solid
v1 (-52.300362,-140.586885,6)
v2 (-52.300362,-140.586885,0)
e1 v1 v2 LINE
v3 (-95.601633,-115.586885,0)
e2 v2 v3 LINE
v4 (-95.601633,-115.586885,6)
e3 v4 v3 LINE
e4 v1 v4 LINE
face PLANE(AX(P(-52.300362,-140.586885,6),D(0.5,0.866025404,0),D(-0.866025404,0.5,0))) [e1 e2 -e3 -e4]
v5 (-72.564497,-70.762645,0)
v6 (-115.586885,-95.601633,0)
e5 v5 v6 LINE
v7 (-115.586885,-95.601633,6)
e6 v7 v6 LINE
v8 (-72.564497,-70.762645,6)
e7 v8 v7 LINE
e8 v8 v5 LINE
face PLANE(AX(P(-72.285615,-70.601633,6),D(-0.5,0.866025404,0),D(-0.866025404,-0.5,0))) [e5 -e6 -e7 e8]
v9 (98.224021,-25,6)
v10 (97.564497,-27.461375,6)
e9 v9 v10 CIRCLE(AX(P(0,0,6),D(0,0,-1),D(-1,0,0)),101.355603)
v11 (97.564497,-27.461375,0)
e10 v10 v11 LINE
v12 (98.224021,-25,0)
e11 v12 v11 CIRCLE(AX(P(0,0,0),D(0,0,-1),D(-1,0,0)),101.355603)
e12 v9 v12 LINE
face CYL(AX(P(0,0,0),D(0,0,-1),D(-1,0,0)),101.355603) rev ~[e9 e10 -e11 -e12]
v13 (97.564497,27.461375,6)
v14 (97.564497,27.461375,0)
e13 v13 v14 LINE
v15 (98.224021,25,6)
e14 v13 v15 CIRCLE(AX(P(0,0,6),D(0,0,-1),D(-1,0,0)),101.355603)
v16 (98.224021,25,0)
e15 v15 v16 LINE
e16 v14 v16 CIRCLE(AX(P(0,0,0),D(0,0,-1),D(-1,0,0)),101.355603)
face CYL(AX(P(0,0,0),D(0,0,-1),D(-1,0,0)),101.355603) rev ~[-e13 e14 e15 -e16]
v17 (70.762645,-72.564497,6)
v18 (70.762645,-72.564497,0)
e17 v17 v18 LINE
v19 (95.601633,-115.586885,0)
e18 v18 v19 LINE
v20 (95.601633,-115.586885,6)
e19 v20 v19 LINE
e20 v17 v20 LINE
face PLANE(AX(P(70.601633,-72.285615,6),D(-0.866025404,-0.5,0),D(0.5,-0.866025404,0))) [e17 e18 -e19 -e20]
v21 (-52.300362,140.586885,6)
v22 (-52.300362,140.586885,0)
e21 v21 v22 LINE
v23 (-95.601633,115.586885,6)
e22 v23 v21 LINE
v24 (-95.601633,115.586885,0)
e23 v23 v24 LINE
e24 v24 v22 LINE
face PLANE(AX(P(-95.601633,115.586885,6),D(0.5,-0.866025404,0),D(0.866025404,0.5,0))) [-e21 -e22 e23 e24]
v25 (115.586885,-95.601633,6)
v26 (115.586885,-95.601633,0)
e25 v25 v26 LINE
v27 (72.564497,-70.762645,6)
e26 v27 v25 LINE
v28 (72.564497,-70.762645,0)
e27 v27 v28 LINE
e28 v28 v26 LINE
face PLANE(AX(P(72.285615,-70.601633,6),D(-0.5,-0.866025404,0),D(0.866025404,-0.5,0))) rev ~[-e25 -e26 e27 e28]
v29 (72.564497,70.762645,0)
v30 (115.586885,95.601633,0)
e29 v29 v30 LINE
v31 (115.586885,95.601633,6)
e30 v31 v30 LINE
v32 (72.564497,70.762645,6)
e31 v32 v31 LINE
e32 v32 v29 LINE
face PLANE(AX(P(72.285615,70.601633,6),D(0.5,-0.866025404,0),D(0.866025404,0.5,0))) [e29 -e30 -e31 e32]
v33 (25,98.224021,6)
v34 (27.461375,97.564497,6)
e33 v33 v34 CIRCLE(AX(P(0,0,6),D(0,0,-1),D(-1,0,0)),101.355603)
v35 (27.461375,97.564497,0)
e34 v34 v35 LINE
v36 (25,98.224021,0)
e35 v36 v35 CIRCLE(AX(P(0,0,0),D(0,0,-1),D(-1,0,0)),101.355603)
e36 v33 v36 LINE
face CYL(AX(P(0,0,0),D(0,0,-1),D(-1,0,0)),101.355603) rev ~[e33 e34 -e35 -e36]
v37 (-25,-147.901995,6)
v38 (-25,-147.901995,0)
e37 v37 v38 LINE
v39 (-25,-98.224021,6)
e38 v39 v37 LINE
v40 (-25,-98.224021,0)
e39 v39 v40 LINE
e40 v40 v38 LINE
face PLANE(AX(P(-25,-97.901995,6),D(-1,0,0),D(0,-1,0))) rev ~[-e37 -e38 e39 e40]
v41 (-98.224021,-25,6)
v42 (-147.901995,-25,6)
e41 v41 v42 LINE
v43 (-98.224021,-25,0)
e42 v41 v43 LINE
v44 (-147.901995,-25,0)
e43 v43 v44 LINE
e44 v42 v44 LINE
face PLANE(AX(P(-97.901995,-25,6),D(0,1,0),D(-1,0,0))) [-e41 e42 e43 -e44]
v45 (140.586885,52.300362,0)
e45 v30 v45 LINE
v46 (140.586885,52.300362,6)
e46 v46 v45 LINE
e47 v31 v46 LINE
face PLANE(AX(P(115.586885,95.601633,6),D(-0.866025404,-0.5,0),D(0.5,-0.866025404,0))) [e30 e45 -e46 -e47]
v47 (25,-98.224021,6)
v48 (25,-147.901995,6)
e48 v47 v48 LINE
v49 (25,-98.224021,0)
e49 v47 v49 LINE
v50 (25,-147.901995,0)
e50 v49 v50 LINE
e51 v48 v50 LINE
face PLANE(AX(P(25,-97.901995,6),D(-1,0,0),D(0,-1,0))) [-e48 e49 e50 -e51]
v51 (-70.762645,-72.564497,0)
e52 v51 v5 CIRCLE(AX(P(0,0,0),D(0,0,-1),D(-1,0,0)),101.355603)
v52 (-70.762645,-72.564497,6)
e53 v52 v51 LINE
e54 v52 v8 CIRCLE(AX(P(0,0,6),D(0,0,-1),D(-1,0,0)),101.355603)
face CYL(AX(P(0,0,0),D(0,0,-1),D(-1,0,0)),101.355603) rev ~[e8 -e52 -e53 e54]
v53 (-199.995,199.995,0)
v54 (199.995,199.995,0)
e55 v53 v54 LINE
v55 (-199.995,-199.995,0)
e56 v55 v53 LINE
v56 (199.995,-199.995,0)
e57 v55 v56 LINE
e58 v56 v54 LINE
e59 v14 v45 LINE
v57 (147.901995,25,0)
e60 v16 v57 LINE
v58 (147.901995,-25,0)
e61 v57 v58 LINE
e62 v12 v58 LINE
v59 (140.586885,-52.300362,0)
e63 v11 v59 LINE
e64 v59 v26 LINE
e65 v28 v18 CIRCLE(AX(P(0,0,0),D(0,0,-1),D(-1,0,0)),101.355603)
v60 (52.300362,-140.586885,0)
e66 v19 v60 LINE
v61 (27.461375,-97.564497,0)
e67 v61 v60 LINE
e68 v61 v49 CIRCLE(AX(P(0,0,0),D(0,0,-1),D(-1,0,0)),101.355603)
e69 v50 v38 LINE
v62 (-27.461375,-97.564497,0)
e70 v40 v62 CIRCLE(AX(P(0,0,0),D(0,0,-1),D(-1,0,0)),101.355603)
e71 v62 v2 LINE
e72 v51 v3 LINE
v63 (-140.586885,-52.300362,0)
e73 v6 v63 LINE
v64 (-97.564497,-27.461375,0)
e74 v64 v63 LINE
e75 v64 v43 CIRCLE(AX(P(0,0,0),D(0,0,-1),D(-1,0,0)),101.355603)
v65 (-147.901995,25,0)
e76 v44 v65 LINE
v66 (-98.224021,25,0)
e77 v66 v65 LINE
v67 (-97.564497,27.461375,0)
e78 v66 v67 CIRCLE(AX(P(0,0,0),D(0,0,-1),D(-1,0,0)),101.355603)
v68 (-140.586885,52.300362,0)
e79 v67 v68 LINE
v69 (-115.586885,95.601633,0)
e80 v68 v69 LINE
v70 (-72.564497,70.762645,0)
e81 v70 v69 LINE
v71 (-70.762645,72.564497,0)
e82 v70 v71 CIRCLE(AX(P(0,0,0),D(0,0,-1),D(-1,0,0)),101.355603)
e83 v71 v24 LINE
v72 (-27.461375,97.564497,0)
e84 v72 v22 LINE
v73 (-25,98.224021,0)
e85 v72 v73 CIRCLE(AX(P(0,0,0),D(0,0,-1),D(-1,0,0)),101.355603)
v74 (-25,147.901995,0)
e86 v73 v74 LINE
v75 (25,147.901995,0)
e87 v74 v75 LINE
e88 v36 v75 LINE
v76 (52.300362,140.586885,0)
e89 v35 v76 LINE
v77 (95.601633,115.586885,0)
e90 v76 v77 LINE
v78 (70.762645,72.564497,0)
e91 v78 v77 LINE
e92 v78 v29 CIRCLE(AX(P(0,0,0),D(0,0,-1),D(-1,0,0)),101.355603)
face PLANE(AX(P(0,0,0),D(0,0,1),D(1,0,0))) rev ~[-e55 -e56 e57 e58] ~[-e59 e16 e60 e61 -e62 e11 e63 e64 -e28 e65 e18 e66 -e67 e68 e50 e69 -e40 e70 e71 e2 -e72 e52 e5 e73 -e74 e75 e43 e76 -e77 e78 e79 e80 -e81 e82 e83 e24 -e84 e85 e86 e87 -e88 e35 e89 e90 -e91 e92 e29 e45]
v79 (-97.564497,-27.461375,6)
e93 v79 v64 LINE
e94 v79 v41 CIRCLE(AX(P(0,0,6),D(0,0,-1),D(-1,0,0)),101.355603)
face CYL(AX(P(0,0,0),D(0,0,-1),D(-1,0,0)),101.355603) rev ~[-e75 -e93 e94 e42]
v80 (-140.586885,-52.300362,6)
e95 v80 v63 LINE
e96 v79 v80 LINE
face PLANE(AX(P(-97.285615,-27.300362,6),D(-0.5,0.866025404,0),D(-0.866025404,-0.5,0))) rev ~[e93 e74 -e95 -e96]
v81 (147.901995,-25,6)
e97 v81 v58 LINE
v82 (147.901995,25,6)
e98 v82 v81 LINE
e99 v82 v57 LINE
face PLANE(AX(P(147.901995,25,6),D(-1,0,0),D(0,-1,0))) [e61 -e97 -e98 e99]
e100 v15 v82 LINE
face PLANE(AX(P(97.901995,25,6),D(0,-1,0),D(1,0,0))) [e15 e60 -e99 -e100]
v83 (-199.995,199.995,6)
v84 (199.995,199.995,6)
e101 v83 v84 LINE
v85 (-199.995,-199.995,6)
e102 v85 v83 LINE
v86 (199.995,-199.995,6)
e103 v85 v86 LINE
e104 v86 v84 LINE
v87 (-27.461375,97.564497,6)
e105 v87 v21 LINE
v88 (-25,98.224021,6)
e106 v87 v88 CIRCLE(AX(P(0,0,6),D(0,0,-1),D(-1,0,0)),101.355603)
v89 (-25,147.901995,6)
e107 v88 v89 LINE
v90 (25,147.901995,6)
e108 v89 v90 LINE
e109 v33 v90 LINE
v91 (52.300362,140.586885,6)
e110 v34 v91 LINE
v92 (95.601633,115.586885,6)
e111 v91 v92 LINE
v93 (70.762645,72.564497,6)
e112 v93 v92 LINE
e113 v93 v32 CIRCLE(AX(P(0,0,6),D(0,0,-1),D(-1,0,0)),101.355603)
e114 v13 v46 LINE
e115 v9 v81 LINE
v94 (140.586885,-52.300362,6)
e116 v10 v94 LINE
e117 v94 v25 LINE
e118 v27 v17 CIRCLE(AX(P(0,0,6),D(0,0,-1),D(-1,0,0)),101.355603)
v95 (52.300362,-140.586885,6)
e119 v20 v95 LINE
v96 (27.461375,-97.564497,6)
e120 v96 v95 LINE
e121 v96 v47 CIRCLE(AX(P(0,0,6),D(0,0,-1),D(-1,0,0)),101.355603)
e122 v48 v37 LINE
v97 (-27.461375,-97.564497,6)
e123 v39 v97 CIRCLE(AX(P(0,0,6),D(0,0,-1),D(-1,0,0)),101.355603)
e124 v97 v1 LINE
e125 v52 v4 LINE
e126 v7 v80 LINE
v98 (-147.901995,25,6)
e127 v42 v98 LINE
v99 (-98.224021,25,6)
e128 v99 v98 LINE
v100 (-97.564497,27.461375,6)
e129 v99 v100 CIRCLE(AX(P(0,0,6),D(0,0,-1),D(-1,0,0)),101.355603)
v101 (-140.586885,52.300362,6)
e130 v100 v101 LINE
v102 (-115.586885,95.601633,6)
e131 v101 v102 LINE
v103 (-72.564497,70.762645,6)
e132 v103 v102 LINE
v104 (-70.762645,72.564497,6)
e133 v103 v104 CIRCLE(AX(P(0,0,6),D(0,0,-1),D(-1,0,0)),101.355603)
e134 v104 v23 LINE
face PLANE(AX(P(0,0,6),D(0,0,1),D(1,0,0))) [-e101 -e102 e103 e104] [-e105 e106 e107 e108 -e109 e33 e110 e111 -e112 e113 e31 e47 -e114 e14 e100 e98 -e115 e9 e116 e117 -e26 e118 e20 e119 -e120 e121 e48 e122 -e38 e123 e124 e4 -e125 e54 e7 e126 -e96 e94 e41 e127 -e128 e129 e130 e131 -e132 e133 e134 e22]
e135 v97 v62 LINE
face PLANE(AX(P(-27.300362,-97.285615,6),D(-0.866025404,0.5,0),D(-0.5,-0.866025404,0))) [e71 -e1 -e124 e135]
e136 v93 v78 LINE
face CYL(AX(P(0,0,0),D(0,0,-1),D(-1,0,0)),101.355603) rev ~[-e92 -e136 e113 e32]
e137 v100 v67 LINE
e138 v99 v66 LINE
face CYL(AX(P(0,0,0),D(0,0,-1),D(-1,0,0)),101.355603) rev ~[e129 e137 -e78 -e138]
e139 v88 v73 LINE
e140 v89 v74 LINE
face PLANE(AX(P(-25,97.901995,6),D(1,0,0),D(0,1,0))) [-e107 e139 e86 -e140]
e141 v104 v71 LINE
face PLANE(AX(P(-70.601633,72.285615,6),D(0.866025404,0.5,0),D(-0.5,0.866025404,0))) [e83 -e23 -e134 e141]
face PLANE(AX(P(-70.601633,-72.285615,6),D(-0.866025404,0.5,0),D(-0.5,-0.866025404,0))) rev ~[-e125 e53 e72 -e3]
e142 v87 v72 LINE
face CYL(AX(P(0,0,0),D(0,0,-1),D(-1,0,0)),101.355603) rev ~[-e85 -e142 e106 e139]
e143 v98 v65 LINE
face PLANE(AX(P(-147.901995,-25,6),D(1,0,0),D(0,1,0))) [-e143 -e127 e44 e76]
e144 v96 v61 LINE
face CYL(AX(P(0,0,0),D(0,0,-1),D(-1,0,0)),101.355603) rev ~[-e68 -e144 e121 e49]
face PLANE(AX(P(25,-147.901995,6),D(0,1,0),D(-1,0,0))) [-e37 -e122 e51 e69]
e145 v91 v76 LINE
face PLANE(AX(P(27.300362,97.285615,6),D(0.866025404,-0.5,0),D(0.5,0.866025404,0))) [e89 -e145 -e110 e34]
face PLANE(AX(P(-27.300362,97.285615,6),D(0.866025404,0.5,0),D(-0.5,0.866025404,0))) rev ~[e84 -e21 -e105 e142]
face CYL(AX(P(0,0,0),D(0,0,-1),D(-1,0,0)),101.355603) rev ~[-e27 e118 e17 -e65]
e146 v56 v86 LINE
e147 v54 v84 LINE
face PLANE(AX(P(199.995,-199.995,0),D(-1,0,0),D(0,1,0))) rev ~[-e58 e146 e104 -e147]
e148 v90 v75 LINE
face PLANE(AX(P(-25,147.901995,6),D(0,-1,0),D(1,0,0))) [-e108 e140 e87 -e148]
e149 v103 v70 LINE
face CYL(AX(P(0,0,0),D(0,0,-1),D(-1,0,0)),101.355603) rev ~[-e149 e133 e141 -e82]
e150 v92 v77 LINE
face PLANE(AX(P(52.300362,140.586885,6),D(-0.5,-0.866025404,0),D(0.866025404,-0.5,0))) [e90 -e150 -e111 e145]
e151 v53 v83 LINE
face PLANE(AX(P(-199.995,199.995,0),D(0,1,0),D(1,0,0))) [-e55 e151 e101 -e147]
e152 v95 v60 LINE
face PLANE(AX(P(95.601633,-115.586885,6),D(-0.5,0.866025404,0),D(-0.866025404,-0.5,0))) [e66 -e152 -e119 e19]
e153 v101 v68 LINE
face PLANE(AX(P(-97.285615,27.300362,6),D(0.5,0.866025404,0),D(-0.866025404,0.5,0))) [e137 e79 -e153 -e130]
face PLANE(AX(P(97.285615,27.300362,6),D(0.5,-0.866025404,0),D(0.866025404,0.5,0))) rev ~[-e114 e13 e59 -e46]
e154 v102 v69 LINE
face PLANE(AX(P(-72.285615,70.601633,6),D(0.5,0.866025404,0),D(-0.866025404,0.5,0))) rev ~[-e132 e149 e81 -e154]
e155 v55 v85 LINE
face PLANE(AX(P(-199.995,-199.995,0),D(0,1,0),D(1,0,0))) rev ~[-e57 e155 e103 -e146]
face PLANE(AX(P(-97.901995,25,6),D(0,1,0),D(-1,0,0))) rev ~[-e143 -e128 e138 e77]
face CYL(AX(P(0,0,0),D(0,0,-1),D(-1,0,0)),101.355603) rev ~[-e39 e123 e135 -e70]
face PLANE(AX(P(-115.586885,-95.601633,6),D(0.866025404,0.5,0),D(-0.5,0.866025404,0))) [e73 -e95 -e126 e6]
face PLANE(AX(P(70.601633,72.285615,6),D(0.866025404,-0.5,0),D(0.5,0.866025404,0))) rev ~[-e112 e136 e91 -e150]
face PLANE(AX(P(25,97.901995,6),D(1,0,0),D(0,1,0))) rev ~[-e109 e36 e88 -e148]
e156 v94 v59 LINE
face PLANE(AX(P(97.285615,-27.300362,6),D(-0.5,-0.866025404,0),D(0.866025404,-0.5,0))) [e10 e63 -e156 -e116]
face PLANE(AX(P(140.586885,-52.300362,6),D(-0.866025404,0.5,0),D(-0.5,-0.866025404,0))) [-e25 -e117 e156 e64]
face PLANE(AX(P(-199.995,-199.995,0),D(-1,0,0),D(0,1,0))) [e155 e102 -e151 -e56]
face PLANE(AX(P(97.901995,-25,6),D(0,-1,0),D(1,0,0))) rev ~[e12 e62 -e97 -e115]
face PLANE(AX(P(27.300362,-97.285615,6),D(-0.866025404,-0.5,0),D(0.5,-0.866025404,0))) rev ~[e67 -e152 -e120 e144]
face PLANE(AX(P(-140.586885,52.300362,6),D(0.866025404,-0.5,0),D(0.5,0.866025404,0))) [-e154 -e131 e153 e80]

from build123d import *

# Parameters (mm, degrees)
SKETCH_W           = 399.99
SKETCH_H           = 399.99
PAD_DEPTH          = 6
SKETCH002_W        = 50
SKETCH002_H        = 50
POCKET001_DEPTH    = 1137.407205
POLARPATTERN_COUNT = 12
SKETCH003_R        = 101.355603
POCKET_DEPTH       = 6.001


with BuildPart() as part:
    # Sketch → Pad (new body)
    with BuildSketch(Plane.XY):
        Rectangle(SKETCH_W, SKETCH_H)
    extrude(amount=PAD_DEPTH)

    # Sketch002 → Pocket001 (cut, through all)
    with BuildSketch(Plane.XY.offset(6)):
        with Locations((0, 122.901995)):
            Rectangle(SKETCH002_W, SKETCH002_H)
    pocket001 = extrude(amount=-POCKET001_DEPTH, mode=Mode.SUBTRACT)

    # PolarPattern: Pocket001 ×12 about axis
    polarpattern_axis = Axis((0, 0, 6), (0, 0, 1))
    for i in range(1, POLARPATTERN_COUNT):
        add(pocket001.rotate(polarpattern_axis, i * 360 / POLARPATTERN_COUNT), mode=Mode.SUBTRACT)

    # Sketch003 → Pocket (cut, through all)
    with BuildSketch(Plane(origin=(0, 0, 0), x_dir=(-1, 0, 0), z_dir=(0, 0, -1))):
        Circle(SKETCH003_R)
    extrude(amount=-POCKET_DEPTH, mode=Mode.SUBTRACT)


solid = part.part
